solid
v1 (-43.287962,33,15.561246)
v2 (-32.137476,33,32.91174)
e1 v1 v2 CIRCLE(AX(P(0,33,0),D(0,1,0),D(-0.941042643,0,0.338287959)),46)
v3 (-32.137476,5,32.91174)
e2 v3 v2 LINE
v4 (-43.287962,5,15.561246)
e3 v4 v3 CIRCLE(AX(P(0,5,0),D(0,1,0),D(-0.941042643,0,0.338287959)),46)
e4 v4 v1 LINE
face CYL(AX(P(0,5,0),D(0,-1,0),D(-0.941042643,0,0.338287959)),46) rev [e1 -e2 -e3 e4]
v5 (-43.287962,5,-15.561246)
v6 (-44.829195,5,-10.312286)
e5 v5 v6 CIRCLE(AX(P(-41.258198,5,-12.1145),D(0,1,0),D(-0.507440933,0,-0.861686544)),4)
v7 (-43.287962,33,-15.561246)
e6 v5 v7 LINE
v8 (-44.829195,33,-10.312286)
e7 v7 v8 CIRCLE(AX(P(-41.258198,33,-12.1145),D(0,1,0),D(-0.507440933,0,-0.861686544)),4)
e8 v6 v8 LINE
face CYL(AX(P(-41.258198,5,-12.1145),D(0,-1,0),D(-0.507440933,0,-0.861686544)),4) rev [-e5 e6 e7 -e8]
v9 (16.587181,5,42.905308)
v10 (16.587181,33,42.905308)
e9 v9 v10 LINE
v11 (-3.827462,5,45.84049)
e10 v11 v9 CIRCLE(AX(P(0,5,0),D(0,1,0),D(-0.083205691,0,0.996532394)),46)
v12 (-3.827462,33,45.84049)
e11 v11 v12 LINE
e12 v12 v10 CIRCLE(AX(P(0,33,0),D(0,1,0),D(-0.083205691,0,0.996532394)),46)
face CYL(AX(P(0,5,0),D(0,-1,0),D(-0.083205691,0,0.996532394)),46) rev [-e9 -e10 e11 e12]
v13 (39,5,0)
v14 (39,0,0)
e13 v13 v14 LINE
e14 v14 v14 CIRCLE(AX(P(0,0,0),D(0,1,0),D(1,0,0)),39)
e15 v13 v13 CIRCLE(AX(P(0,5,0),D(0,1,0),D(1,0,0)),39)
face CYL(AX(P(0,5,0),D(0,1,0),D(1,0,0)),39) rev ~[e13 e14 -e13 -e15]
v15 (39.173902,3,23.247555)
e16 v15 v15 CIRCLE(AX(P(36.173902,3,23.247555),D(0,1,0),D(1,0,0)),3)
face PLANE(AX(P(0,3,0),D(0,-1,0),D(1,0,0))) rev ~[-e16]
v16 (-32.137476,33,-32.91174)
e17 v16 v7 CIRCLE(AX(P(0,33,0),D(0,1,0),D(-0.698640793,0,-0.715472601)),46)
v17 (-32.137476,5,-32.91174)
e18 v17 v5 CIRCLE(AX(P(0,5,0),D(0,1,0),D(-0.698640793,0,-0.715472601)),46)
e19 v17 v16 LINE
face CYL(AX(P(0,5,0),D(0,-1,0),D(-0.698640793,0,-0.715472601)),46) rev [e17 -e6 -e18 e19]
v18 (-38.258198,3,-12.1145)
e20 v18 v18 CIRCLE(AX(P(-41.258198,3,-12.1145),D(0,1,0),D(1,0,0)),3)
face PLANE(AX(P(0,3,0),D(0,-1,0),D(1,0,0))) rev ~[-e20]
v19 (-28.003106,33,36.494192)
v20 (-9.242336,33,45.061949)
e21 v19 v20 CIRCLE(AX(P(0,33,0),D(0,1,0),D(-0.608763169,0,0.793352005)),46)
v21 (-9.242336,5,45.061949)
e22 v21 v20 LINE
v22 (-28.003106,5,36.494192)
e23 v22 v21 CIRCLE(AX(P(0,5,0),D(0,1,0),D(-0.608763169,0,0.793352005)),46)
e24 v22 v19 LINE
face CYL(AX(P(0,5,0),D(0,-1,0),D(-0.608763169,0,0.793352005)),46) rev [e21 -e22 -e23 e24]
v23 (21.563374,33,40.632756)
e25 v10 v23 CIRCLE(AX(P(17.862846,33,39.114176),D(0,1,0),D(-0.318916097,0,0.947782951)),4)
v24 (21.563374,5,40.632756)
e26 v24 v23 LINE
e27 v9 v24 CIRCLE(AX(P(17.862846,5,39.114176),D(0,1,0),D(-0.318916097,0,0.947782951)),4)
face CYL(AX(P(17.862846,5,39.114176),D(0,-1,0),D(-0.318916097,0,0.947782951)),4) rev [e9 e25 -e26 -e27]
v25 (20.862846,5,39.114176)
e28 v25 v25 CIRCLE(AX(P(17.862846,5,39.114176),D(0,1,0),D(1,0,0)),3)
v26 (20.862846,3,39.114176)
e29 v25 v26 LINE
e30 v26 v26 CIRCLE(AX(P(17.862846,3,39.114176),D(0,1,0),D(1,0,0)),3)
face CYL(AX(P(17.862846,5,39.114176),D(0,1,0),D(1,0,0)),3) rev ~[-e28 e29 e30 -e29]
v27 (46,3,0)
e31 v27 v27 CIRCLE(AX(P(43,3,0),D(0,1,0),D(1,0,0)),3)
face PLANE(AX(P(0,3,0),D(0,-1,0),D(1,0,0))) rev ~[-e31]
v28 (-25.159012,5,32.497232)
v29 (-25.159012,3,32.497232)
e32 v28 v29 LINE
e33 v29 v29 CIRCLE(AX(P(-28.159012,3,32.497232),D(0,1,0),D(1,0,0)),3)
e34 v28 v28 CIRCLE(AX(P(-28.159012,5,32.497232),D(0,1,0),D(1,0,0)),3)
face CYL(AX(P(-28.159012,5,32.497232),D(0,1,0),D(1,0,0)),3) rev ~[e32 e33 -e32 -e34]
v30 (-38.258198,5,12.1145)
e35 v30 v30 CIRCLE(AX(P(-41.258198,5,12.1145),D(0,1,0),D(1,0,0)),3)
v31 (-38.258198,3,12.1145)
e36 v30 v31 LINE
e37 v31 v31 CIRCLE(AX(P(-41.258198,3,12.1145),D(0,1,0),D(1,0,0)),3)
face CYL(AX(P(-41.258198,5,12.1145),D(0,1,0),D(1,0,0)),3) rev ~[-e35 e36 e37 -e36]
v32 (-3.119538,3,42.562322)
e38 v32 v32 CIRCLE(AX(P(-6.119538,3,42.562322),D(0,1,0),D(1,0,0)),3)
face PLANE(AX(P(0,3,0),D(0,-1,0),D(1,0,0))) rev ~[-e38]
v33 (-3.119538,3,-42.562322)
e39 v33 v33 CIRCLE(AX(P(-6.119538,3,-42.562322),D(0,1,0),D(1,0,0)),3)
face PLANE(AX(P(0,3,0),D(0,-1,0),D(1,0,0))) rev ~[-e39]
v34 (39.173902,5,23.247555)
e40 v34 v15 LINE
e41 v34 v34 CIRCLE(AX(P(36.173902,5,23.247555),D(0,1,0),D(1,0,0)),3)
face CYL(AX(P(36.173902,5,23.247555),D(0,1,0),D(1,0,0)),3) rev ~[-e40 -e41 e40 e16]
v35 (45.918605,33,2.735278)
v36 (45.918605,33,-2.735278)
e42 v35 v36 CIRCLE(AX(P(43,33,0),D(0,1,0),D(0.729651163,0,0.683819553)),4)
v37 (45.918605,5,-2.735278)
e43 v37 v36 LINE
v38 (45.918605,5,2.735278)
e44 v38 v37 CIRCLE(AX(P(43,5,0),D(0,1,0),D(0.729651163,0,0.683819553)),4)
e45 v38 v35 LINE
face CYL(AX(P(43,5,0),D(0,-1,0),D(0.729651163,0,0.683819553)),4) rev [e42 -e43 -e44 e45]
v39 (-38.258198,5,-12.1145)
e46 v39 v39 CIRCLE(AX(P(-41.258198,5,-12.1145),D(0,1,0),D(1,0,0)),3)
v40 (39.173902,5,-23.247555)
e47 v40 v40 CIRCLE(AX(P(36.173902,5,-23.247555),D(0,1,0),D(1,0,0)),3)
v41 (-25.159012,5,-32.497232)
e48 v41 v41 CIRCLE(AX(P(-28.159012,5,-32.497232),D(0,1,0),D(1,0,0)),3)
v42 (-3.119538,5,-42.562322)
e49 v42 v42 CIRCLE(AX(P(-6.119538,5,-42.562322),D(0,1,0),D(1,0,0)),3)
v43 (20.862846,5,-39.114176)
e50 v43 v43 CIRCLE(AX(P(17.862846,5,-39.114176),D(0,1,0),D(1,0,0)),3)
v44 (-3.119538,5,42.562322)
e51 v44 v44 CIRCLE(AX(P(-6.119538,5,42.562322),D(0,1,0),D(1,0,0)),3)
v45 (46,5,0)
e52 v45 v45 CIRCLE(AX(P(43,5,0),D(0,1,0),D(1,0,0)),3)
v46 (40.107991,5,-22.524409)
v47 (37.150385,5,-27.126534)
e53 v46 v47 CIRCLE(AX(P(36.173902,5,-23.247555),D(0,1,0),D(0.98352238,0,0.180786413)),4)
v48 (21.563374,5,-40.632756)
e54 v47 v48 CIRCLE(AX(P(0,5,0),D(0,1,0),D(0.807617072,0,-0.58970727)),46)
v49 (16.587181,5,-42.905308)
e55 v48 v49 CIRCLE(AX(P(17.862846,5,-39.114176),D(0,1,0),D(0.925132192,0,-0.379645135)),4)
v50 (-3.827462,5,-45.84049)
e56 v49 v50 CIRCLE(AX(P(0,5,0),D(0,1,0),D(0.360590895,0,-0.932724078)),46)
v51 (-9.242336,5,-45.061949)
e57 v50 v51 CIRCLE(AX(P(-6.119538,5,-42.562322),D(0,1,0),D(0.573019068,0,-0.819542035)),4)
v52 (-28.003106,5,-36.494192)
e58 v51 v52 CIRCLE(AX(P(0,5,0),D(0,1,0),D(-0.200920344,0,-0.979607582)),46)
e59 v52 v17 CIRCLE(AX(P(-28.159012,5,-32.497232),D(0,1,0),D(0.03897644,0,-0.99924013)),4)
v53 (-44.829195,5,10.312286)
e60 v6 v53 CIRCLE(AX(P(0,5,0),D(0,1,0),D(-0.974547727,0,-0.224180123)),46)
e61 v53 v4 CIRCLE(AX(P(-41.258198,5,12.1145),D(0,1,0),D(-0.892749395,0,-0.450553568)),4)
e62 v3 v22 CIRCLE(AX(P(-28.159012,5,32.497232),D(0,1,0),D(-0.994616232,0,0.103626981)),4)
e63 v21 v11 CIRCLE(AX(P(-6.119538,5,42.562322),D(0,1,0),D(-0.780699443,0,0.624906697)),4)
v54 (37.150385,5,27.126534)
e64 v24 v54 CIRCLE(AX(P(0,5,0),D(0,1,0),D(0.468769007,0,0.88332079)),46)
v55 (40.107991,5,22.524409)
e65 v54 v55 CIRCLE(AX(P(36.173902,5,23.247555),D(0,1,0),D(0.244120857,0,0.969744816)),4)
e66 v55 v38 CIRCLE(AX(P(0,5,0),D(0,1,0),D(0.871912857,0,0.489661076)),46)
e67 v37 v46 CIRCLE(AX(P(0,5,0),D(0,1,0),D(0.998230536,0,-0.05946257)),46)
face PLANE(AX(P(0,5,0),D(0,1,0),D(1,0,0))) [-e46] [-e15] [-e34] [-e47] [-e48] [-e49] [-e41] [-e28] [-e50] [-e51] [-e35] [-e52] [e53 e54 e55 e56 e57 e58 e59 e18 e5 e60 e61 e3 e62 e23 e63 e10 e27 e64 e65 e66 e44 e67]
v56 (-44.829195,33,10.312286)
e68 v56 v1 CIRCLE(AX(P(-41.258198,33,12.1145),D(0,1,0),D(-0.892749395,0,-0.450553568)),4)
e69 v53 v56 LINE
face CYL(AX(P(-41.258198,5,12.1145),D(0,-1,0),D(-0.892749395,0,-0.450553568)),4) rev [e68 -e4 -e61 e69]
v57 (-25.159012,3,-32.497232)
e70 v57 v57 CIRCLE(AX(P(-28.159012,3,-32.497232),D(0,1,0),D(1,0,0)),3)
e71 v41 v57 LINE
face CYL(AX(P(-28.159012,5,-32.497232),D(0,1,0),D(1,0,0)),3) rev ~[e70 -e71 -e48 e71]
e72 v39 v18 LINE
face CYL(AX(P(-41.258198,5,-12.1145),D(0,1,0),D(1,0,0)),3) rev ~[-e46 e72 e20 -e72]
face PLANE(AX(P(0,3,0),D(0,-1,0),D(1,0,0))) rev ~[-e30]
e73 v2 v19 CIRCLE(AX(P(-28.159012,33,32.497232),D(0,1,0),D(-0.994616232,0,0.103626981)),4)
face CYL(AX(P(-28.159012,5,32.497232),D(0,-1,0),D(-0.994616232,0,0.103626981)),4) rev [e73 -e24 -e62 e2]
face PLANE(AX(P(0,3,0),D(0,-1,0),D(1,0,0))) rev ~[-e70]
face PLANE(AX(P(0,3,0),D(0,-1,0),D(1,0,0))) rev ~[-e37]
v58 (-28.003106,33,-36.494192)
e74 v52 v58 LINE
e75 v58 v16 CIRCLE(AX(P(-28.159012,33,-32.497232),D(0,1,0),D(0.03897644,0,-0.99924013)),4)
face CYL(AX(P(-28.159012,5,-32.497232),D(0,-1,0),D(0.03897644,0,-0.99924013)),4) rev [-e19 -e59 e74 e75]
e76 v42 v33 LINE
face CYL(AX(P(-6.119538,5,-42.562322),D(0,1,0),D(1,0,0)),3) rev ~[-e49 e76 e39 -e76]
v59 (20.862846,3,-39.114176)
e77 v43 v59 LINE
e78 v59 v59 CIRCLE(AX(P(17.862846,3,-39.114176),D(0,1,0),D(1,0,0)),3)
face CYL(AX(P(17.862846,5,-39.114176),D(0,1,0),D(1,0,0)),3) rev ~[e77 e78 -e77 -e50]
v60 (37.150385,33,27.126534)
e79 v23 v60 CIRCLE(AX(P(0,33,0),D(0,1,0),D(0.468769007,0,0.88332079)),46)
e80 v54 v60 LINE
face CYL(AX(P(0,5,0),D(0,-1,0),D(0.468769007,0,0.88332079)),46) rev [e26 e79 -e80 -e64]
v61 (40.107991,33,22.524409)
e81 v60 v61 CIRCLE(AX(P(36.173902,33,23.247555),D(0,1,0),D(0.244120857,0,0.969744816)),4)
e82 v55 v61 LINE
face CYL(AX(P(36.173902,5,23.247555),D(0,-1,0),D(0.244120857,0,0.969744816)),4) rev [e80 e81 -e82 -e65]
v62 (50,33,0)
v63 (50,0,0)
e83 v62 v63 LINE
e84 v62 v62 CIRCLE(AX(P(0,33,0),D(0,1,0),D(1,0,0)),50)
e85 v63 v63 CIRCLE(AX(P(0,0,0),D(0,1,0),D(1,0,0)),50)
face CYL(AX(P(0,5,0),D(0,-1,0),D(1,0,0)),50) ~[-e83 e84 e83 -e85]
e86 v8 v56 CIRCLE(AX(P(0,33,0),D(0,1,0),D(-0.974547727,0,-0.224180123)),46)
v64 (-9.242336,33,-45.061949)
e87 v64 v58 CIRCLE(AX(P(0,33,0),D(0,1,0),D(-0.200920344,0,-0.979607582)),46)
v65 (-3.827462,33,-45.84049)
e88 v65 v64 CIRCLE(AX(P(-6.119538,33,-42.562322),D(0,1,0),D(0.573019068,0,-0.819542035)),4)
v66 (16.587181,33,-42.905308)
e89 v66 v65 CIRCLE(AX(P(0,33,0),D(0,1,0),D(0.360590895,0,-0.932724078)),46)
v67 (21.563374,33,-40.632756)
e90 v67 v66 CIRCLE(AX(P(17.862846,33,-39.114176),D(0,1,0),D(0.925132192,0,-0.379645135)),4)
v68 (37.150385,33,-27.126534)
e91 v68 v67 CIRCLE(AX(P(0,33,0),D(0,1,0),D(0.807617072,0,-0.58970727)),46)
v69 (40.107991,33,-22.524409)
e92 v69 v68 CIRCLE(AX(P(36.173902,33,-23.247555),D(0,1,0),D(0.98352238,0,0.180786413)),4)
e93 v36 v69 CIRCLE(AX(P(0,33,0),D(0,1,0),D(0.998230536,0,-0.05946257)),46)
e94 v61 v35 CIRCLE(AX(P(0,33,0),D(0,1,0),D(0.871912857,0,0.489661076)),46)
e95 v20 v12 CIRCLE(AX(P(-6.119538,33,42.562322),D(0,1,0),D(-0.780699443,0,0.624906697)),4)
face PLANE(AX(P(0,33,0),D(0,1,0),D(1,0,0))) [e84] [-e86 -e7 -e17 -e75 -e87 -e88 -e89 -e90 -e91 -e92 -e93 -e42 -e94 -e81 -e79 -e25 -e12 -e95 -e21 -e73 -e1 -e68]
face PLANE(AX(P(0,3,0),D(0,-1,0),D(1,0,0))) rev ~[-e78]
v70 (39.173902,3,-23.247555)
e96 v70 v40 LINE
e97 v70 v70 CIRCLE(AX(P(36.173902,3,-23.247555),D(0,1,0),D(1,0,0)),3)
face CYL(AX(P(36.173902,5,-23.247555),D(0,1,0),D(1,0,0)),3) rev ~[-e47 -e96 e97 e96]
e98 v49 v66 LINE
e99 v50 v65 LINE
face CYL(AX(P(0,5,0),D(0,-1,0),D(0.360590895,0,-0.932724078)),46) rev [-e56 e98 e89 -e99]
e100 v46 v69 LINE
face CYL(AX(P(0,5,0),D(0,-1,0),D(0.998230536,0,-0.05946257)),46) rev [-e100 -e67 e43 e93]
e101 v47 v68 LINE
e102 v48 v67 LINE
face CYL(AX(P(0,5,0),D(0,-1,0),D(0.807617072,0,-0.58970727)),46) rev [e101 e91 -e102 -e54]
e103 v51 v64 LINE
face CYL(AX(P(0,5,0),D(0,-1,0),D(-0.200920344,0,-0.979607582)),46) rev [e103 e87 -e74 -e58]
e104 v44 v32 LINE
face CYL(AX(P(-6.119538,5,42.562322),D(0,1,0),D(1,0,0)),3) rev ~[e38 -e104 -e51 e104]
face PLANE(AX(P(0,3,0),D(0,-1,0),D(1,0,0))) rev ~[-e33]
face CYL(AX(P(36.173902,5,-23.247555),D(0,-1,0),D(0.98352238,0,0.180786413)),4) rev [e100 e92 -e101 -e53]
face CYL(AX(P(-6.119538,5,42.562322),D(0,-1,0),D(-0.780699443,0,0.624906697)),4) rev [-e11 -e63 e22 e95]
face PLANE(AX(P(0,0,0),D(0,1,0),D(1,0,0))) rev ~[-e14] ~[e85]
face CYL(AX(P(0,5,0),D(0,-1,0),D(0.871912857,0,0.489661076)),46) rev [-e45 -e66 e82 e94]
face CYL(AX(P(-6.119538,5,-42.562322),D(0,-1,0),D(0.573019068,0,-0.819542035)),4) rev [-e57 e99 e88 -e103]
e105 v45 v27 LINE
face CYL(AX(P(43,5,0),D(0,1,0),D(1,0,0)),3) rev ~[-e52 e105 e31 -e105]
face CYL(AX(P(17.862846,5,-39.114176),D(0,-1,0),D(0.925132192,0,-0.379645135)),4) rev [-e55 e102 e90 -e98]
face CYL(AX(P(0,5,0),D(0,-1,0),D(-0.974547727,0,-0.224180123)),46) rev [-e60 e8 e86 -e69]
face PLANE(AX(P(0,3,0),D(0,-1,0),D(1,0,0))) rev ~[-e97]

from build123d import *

# Parameters (mm, degrees)
SKETCH1_R           = 50
BOSS_EXTRUDE1_DEPTH = 5
SKETCH2_R           = 2.5
BOSS_EXTRUDE2_DEPTH = 30
SKETCH3_R           = 50
BOSS_EXTRUDE3_DEPTH = 28
SKETCH4_R           = 39
CUT_EXTRUDE1_DEPTH  = 6
SKETCH5_R           = 3
CUT_EXTRUDE2_DEPTH  = 44
SKETCH6_R           = 50
SKETCH6_R_2         = 39
BOSS_EXTRUDE4_DEPTH = 3


with BuildPart() as part:
    # Sketch1 → Boss-Extrude1 (new body)
    with BuildSketch(Plane(origin=(0, 0, 0), x_dir=(1, 0, 0), z_dir=(0, 1, 0))):
        Circle(SKETCH1_R)
    extrude(amount=BOSS_EXTRUDE1_DEPTH)

    # Sketch2 → Boss-Extrude2 (add)
    with BuildSketch(Plane(origin=(0, 5, 0), x_dir=(1, 0, 0), z_dir=(0, 1, 0))):
        with Locations((43, 0)):
            Circle(SKETCH2_R)
        with Locations((36.173901912, -23.247555151)):
            Circle(SKETCH2_R)
        with Locations((17.862845559, -39.1141758)):
            Circle(SKETCH2_R)
        with Locations((-6.119538046, -42.562322001)):
            Circle(SKETCH2_R)
        with Locations((-28.15901156, -32.497231697)):
            Circle(SKETCH2_R)
        with Locations((-41.258197865, -12.114499944)):
            Circle(SKETCH2_R)
        with Locations((-41.258197865, 12.114499944)):
            Circle(SKETCH2_R)
        with Locations((-28.15901156, 32.497231697)):
            Circle(SKETCH2_R)
        with Locations((-6.119538046, 42.562322001)):
            Circle(SKETCH2_R)
        with Locations((17.862845559, 39.1141758)):
            Circle(SKETCH2_R)
        with Locations((36.173901912, 23.247555151)):
            Circle(SKETCH2_R)
    extrude(amount=BOSS_EXTRUDE2_DEPTH)

    # Sketch3 → Boss-Extrude3 (add)
    with BuildSketch(Plane(origin=(0, 5, 0), x_dir=(1, 0, 0), z_dir=(0, 1, 0))):
        Circle(SKETCH3_R)
        with BuildLine():
            ThreePointArc((45.918604651, -2.735278211), (47, 0), (45.918604651, 2.735278211))
            ThreePointArc((45.918604651, 2.735278211), (44.136676786, 12.959697615), (40.107991433, 22.524409497))
            ThreePointArc((40.107991433, 22.524409497), (39.538916043, 25.41011842), (37.150385338, 27.126534413))
            ThreePointArc((37.150385338, 27.126534413), (30.123593761, 34.76448042), (21.563374325, 40.632756339))
            ThreePointArc((21.563374325, 40.632756339), (19.524505611, 42.752703782), (16.587181171, 42.905307606))
            ThreePointArc((16.587181171, 42.905307606), (6.546482561, 45.531786327), (-3.827461772, 45.840490141))
            ThreePointArc((-3.827461772, 45.840490141), (-6.688797399, 46.521607768), (-9.242335817, 45.061948789))
            ThreePointArc((-9.242335817, 45.061948789), (-19.109090598, 41.843071786), (-28.0031058, 36.494192217))
            ThreePointArc((-28.0031058, 36.494192217), (-30.778454495, 35.520229995), (-32.137476487, 32.911739623))
            ThreePointArc((-32.137476487, 32.911739623), (-38.69766251, 24.869477603), (-43.287961597, 15.561246119))
            ThreePointArc((-43.287961597, 15.561246119), (-45.09616976, 13.241430172), (-44.829195445, 10.312285671))
            ThreePointArc((-44.829195445, 10.312285671), (-46, 0), (-44.829195445, -10.312285671))
            ThreePointArc((-44.829195445, -10.312285671), (-45.09616976, -13.241430172), (-43.287961597, -15.561246119))
            ThreePointArc((-43.287961597, -15.561246119), (-38.69766251, -24.869477603), (-32.137476487, -32.911739623))
            ThreePointArc((-32.137476487, -32.911739623), (-30.778454495, -35.520229995), (-28.0031058, -36.494192217))
            ThreePointArc((-28.0031058, -36.494192217), (-19.109090598, -41.843071786), (-9.242335817, -45.061948789))
            ThreePointArc((-9.242335817, -45.061948789), (-6.688797399, -46.521607768), (-3.827461772, -45.840490141))
            ThreePointArc((-3.827461772, -45.840490141), (6.546482561, -45.531786327), (16.587181171, -42.905307606))
            ThreePointArc((16.587181171, -42.905307606), (19.524505611, -42.752703782), (21.563374325, -40.632756339))
            ThreePointArc((21.563374325, -40.632756339), (30.123593761, -34.76448042), (37.150385338, -27.126534413))
            ThreePointArc((37.150385338, -27.126534413), (39.538916043, -25.41011842), (40.107991433, -22.524409497))
            ThreePointArc((40.107991433, -22.524409497), (44.136676786, -12.959697615), (45.918604651, -2.735278211))
        make_face(mode=Mode.SUBTRACT)
    extrude(amount=BOSS_EXTRUDE3_DEPTH)

    # Sketch4 → Cut-Extrude1 (cut)
    with BuildSketch(Plane(origin=(0, 5, 0), x_dir=(1, 0, 0), z_dir=(0, 1, 0))):
        Circle(SKETCH4_R)
    extrude(amount=-CUT_EXTRUDE1_DEPTH, mode=Mode.SUBTRACT)

    # Sketch5 → Cut-Extrude2 (cut, symmetric)
    with BuildSketch(Plane(origin=(0, 5, 0), x_dir=(1, 0, 0), z_dir=(0, 1, 0))):
        with Locations((43, 0)):
            Circle(SKETCH5_R)
        with Locations((36.173901912, -23.247555151)):
            Circle(SKETCH5_R)
        with Locations((17.862845559, -39.1141758)):
            Circle(SKETCH5_R)
        with Locations((-6.119538046, -42.562322001)):
            Circle(SKETCH5_R)
        with Locations((-28.15901156, -32.497231697)):
            Circle(SKETCH5_R)
        with Locations((-41.258197865, -12.114499944)):
            Circle(SKETCH5_R)
        with Locations((-41.258197865, 12.114499944)):
            Circle(SKETCH5_R)
        with Locations((-28.15901156, 32.497231697)):
            Circle(SKETCH5_R)
        with Locations((-6.119538046, 42.562322001)):
            Circle(SKETCH5_R)
        with Locations((17.862845559, 39.1141758)):
            Circle(SKETCH5_R)
        with Locations((36.173901912, 23.247555151)):
            Circle(SKETCH5_R)
    extrude(amount=CUT_EXTRUDE2_DEPTH, both=True, mode=Mode.SUBTRACT)

    # Sketch6 → Boss-Extrude4 (add)
    with BuildSketch(Plane.XZ):
        Circle(SKETCH6_R)
        Circle(SKETCH6_R_2, mode=Mode.SUBTRACT)
    extrude(amount=-BOSS_EXTRUDE4_DEPTH)


solid = part.part
